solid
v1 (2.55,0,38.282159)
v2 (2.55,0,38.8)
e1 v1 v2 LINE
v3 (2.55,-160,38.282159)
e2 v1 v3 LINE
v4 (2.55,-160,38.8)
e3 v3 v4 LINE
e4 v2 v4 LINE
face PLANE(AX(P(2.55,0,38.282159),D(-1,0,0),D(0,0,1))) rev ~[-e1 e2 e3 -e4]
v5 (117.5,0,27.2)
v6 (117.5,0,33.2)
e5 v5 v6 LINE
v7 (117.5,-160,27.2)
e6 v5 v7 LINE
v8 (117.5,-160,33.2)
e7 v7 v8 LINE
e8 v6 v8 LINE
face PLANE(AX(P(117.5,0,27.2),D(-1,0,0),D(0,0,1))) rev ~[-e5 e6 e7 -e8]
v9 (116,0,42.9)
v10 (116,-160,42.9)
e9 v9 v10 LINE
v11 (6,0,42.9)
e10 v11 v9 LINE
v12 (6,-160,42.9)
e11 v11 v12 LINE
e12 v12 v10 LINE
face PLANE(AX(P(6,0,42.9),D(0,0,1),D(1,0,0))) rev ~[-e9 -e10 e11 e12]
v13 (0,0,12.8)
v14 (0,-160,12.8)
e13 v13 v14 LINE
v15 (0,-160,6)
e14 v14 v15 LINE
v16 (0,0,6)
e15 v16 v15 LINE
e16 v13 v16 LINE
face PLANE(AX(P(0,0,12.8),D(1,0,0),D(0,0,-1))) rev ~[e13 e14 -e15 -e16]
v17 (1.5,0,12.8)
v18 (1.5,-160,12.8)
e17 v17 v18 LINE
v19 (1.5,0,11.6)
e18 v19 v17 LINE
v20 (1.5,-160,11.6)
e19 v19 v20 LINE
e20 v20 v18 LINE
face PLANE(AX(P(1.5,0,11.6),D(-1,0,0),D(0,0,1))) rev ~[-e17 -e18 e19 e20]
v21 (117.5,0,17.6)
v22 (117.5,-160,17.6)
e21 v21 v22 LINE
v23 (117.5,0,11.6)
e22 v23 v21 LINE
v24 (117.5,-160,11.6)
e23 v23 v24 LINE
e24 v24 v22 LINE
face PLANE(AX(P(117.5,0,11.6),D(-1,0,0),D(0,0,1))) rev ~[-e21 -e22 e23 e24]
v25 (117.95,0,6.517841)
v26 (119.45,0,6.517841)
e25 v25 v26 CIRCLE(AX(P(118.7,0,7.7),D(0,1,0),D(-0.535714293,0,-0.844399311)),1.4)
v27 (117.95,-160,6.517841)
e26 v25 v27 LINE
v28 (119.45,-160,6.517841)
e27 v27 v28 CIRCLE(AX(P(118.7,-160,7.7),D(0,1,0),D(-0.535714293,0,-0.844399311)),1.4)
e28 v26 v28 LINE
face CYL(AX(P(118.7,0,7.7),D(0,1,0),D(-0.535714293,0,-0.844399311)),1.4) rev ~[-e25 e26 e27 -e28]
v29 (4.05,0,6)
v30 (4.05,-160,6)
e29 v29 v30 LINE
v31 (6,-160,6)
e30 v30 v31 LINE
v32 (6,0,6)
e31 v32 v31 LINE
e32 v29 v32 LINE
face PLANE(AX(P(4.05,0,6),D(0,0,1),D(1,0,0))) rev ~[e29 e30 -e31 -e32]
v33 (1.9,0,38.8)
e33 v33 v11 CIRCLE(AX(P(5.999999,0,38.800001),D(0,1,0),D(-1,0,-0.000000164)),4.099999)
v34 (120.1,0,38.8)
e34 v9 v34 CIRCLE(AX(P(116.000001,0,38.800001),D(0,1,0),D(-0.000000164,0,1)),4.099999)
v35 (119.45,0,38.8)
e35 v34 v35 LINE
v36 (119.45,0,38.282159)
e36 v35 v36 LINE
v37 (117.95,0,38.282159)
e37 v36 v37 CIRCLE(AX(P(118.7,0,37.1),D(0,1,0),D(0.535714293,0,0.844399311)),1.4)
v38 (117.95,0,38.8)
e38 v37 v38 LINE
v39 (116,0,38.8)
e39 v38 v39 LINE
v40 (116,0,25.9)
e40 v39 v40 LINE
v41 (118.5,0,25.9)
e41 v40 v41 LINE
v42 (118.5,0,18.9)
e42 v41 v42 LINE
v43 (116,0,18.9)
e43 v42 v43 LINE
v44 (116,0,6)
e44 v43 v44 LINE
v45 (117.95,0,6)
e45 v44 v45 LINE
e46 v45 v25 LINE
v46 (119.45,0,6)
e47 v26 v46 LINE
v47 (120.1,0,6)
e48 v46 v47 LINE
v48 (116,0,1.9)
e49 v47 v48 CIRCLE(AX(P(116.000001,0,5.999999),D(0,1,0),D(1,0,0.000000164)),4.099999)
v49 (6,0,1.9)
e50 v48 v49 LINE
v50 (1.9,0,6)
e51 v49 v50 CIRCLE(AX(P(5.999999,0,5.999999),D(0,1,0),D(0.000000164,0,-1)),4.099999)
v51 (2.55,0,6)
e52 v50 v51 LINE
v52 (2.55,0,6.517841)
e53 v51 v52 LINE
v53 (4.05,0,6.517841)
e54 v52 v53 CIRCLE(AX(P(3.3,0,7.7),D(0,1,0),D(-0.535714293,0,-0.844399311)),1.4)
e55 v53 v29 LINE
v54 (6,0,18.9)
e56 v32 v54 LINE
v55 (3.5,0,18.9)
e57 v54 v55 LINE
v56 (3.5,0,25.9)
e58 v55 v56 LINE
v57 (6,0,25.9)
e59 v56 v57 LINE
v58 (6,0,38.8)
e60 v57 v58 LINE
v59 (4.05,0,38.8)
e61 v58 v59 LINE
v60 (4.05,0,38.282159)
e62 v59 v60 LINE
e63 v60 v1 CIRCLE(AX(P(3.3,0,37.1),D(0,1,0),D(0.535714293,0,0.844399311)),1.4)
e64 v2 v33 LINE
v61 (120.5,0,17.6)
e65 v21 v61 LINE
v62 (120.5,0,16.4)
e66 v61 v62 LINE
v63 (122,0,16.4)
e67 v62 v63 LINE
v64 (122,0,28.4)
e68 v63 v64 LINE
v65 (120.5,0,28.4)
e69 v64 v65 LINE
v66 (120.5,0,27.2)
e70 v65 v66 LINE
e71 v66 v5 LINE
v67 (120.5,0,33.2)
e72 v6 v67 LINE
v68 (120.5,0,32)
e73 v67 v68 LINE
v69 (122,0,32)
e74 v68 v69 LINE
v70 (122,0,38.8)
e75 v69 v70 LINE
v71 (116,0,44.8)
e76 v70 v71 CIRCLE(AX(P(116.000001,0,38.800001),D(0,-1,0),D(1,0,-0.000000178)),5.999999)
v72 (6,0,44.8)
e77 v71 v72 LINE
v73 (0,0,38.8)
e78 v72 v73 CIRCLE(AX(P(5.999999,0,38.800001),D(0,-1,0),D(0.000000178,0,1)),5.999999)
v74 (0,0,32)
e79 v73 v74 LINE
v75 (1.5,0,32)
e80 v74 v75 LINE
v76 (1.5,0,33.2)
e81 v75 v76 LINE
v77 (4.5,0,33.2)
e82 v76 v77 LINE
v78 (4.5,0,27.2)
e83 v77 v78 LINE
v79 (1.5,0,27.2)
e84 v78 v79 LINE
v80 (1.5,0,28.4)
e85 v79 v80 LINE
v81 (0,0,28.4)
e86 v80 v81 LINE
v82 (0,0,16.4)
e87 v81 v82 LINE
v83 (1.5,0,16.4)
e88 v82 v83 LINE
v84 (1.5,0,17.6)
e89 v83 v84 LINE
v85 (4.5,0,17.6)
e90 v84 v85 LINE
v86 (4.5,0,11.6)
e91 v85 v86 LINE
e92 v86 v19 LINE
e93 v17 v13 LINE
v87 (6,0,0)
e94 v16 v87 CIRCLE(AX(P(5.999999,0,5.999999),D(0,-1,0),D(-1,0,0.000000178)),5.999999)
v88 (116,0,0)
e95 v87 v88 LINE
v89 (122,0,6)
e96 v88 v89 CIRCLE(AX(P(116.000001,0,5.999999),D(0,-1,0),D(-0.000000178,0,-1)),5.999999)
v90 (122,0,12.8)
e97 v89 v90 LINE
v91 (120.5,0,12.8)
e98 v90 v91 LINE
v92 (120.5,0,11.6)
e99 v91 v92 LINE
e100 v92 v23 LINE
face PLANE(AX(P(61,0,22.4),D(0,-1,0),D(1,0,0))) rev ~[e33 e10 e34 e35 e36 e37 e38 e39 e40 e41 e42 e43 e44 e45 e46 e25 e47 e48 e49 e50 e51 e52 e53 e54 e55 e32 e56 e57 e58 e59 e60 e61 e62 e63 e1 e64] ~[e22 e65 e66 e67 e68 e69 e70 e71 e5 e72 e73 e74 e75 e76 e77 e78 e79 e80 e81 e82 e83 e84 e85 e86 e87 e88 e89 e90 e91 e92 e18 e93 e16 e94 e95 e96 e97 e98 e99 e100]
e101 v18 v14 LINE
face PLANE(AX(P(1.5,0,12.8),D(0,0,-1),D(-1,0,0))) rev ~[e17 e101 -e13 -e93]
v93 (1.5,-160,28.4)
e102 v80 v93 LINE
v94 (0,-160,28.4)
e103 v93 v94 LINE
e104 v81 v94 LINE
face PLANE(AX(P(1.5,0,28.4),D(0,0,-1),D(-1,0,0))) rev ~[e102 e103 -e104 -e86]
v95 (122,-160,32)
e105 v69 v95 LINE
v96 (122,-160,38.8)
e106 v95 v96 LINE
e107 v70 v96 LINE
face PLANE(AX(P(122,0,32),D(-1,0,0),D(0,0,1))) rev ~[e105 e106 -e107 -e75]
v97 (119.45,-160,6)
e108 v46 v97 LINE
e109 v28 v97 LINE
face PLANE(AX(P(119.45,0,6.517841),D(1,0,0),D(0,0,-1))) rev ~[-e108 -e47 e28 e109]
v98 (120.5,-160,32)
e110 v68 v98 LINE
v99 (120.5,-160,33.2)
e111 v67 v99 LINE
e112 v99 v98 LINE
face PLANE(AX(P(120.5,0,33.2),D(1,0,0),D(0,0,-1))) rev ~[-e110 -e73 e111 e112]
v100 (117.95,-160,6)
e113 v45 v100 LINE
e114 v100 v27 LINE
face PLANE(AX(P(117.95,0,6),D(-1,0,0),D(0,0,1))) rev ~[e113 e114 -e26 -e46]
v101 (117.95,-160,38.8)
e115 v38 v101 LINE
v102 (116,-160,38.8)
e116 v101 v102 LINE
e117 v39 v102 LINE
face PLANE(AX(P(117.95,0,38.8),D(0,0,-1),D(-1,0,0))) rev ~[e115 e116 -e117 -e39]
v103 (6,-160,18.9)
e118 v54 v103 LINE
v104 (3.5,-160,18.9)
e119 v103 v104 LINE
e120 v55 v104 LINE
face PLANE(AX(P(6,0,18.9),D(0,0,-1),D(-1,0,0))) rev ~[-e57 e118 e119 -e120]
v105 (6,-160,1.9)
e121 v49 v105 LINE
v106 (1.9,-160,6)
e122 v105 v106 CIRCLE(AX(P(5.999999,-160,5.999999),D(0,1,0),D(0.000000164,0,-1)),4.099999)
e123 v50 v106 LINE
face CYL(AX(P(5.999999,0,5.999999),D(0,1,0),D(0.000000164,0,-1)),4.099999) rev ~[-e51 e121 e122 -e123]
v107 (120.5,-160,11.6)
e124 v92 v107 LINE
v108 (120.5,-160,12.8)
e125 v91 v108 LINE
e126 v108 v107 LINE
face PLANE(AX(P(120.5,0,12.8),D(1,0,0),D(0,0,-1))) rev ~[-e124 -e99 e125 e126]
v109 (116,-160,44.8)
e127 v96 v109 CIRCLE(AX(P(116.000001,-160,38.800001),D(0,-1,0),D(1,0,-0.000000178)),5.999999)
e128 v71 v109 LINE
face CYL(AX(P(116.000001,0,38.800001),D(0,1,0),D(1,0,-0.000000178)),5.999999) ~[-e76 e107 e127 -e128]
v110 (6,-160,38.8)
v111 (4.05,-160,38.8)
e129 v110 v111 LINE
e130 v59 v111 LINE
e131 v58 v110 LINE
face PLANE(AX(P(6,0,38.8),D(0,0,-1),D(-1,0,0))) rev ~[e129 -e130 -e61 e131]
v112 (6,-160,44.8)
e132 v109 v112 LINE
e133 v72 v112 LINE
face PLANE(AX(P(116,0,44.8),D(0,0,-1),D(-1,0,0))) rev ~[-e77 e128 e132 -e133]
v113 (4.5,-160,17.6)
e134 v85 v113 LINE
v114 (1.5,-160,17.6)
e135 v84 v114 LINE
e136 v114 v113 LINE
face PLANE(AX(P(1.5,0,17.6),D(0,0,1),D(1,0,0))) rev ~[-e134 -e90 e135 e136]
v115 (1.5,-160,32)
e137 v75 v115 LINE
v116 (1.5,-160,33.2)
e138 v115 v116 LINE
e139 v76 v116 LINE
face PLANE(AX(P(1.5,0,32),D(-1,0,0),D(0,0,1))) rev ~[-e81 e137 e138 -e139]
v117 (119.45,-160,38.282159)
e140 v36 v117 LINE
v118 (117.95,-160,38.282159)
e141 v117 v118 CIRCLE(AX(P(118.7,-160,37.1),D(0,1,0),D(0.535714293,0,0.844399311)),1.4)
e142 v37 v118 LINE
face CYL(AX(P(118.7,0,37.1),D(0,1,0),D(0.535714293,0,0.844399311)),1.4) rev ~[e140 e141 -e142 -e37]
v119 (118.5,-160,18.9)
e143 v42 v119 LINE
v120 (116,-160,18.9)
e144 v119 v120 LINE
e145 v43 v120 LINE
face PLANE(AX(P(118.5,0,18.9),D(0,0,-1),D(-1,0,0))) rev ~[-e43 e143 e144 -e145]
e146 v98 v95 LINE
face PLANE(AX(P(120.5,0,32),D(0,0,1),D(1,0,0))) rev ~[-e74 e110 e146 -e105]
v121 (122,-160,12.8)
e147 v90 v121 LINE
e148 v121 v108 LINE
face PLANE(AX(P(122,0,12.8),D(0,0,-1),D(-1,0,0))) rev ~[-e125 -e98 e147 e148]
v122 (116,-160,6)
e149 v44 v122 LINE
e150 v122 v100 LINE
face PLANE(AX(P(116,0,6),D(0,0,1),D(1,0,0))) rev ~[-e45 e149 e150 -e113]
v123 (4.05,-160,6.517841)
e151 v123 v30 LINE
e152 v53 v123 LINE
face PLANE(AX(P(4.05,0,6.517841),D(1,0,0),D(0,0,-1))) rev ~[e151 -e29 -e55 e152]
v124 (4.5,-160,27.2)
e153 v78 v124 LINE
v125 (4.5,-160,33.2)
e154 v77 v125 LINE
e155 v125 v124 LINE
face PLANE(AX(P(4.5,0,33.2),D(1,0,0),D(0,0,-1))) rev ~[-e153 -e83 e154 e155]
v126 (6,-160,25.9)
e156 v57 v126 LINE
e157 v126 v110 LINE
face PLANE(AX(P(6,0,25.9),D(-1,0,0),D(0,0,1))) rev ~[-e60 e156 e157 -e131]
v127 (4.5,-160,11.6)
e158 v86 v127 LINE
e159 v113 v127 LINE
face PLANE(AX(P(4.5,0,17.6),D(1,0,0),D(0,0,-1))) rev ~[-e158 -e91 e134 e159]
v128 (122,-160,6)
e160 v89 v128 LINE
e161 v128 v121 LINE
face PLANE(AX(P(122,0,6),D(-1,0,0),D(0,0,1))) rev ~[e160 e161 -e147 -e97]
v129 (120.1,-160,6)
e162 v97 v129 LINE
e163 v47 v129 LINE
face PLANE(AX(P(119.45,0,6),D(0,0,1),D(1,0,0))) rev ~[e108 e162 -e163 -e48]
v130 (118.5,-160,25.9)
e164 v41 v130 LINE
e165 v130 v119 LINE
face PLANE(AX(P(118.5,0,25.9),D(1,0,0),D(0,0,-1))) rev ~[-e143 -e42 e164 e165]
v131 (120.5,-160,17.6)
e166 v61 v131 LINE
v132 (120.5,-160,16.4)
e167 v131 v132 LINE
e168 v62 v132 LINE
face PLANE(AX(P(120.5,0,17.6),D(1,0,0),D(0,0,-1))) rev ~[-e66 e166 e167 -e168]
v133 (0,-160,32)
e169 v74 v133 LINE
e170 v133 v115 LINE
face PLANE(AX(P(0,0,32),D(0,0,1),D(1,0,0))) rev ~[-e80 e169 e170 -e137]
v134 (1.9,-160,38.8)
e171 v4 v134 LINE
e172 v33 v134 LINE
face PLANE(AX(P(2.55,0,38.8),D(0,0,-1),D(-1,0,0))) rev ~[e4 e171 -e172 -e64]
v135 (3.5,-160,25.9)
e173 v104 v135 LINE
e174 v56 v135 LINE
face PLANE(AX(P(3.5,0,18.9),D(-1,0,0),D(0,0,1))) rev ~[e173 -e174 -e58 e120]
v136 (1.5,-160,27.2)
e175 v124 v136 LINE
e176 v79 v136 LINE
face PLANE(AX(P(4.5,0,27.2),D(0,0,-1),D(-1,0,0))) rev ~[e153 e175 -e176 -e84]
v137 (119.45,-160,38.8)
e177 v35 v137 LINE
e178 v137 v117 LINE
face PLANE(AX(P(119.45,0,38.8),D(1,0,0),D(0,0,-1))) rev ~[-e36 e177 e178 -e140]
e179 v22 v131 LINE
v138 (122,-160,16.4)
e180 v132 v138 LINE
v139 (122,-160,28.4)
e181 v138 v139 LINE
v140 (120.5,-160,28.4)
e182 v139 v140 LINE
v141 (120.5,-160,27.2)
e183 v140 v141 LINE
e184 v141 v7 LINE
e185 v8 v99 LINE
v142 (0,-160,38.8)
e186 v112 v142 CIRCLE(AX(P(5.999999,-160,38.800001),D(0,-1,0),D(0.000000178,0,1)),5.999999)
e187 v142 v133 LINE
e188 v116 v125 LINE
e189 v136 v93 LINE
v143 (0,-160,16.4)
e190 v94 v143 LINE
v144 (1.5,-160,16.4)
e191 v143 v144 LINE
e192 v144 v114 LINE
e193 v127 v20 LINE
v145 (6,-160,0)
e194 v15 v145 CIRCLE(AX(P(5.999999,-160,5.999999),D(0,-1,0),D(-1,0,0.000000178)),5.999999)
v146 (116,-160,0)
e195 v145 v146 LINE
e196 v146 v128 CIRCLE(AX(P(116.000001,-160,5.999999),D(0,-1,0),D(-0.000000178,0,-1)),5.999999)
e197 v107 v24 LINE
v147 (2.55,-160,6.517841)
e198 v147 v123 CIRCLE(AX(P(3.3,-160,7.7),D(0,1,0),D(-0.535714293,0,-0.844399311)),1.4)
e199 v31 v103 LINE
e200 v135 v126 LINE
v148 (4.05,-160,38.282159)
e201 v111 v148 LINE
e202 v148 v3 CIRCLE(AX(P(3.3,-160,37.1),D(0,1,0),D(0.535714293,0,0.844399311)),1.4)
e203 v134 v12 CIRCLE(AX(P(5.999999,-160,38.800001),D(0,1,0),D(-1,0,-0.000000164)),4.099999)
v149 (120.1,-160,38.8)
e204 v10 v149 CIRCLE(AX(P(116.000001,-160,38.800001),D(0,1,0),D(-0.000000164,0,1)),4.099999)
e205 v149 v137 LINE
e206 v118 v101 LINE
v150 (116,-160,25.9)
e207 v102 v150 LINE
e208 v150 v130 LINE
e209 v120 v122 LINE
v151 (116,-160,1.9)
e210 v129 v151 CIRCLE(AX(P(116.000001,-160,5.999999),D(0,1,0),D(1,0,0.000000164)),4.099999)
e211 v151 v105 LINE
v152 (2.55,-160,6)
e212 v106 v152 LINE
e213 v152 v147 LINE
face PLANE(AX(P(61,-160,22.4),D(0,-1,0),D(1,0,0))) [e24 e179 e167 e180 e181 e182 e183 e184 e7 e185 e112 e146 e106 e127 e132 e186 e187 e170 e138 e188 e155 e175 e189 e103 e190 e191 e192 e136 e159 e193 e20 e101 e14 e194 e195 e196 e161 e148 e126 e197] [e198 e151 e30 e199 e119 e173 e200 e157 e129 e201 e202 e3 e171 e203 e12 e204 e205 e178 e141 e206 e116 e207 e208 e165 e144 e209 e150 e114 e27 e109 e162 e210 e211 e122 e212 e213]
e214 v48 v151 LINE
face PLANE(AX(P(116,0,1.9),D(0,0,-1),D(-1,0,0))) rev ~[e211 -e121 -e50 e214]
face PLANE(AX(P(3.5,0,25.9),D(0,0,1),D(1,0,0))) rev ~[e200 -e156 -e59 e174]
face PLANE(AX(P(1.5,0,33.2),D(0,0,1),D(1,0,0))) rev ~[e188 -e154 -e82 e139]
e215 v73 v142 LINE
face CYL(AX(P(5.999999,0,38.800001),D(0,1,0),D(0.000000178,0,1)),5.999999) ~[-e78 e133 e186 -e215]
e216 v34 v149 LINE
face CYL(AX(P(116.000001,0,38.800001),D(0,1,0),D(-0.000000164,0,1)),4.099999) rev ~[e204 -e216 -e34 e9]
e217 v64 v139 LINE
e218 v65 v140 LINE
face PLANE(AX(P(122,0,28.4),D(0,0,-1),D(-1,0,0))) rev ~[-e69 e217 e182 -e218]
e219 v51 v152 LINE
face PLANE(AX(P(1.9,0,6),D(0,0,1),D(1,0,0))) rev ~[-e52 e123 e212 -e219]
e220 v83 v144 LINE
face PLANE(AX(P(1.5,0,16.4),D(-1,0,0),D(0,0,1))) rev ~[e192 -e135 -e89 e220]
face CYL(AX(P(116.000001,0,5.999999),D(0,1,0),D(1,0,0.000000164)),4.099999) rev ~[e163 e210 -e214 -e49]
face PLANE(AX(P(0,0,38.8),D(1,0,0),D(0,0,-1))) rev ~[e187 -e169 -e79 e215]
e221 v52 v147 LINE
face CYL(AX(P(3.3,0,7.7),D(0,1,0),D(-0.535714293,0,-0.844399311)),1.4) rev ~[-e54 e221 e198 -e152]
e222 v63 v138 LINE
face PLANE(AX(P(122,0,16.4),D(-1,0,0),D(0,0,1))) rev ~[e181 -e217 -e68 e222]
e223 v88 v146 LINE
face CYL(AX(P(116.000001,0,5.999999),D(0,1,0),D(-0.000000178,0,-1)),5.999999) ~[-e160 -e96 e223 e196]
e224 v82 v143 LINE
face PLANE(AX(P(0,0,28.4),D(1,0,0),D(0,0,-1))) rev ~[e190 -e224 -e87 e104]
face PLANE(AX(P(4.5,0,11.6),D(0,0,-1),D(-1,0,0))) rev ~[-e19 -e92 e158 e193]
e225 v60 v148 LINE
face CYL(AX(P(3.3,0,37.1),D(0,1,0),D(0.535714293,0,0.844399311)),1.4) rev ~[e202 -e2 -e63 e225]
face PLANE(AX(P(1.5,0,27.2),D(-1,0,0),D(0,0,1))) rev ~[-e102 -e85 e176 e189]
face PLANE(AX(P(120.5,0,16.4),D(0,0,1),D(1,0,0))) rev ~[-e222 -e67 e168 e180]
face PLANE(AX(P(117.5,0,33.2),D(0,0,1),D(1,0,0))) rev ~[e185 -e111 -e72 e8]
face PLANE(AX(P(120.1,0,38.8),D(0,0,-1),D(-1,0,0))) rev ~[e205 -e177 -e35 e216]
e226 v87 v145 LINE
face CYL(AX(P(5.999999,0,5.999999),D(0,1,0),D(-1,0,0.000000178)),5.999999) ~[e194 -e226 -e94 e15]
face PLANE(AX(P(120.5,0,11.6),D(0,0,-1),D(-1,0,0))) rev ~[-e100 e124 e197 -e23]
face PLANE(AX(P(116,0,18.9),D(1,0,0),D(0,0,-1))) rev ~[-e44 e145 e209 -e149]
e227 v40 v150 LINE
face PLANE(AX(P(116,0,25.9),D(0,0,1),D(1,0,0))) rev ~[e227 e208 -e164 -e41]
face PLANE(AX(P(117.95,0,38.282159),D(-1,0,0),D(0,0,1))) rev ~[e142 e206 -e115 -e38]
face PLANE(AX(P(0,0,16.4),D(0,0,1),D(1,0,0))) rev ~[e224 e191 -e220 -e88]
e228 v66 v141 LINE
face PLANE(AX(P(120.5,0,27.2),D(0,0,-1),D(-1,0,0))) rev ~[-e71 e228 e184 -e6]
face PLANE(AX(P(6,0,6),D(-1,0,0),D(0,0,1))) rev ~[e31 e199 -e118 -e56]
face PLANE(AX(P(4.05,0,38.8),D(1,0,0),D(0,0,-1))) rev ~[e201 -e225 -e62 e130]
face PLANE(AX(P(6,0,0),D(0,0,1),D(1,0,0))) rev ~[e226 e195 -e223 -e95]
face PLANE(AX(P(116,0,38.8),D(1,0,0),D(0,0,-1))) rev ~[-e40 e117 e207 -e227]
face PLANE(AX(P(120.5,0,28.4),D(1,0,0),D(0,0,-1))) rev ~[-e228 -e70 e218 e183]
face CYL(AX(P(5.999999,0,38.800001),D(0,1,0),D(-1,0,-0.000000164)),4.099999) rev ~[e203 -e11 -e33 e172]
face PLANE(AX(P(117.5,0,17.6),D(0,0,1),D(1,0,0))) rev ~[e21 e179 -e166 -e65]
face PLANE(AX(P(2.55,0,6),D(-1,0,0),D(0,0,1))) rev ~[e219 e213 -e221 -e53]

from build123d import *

# Parameters (mm, degrees)
F1_DEPTH = 160


with BuildPart() as f1:
    # F0 (on Front) → F1 (new body)
    with BuildSketch(Plane.XZ):
        with BuildLine():
            ThreePointArc((0, 6), (1.757359, 1.757359), (6, 0))
            Line((6, 0), (61, 0))
            Line((61, 0), (116, 0))
            ThreePointArc((116, 0), (120.242641, 1.757359), (122, 6))
            Line((122, 6), (122, 12.8))
            Line((122, 12.8), (120.5, 12.8))
            Line((120.5, 12.8), (120.5, 11.6))
            Line((120.5, 11.6), (117.5, 11.6))
            Line((117.5, 11.6), (117.5, 17.6))
            Line((117.5, 17.6), (120.5, 17.6))
            Line((120.5, 17.6), (120.5, 16.4))
            Line((120.5, 16.4), (122, 16.4))
            Line((122, 16.4), (122, 22.4))
            Line((122, 22.4), (122, 28.4))
            Line((122, 28.4), (120.5, 28.4))
            Line((120.5, 28.4), (120.5, 27.2))
            Line((120.5, 27.2), (117.5, 27.2))
            Line((117.5, 27.2), (117.5, 33.2))
            Line((117.5, 33.2), (120.5, 33.2))
            Line((120.5, 33.2), (120.5, 32))
            Line((120.5, 32), (122, 32))
            Line((122, 32), (122, 38.8))
            ThreePointArc((122, 38.8), (120.242641, 43.042641), (116, 44.8))
            Line((116, 44.8), (61, 44.8))
            Line((61, 44.8), (6, 44.8))
            ThreePointArc((6, 44.8), (1.757359, 43.042641), (0, 38.8))
            Line((0, 38.8), (0, 32))
            Line((0, 32), (1.5, 32))
            Line((1.5, 32), (1.5, 33.2))
            Line((1.5, 33.2), (4.5, 33.2))
            Line((4.5, 33.2), (4.5, 27.2))
            Line((4.5, 27.2), (1.5, 27.2))
            Line((1.5, 27.2), (1.5, 28.4))
            Line((1.5, 28.4), (0, 28.4))
            Line((0, 28.4), (0, 22.4))
            Line((0, 22.4), (0, 16.4))
            Line((0, 16.4), (1.5, 16.4))
            Line((1.5, 16.4), (1.5, 17.6))
            Line((1.5, 17.6), (4.5, 17.6))
            Line((4.5, 17.6), (4.5, 11.6))
            Line((4.5, 11.6), (1.5, 11.6))
            Line((1.5, 11.6), (1.5, 12.8))
            Line((1.5, 12.8), (0, 12.8))
            Line((0, 12.8), (0, 6))
        make_face()
        with BuildLine():
            ThreePointArc((1.9, 38.8), (3.100862, 41.699138), (6, 42.9))
            Line((6, 42.9), (61, 42.9))
            Line((61, 42.9), (116, 42.9))
            ThreePointArc((116, 42.9), (118.899138, 41.699138), (120.1, 38.8))
            Line((120.1, 38.8), (119.45, 38.8))
            Line((119.45, 38.8), (119.45, 38.282159))
            ThreePointArc((119.45, 38.282159), (118.7, 35.7), (117.95, 38.282159))
            Line((117.95, 38.282159), (117.95, 38.8))
            Line((117.95, 38.8), (116, 38.8))
            Line((116, 38.8), (116, 25.9))
            Line((116, 25.9), (118.5, 25.9))
            Line((118.5, 25.9), (118.5, 22.4))
            Line((118.5, 22.4), (118.5, 18.9))
            Line((118.5, 18.9), (116, 18.9))
            Line((116, 18.9), (116, 6))
            Line((116, 6), (117.95, 6))
            Line((117.95, 6), (117.95, 6.517841))
            ThreePointArc((117.95, 6.517841), (118.7, 9.1), (119.45, 6.517841))
            Line((119.45, 6.517841), (119.45, 6))
            Line((119.45, 6), (120.1, 6))
            ThreePointArc((120.1, 6), (118.899138, 3.100862), (116, 1.9))
            Line((116, 1.9), (61, 1.9))
            Line((61, 1.9), (6, 1.9))
            ThreePointArc((6, 1.9), (3.100862, 3.100862), (1.9, 6))
            Line((1.9, 6), (2.55, 6))
            Line((2.55, 6), (2.55, 6.517841))
            ThreePointArc((2.55, 6.517841), (3.3, 9.1), (4.05, 6.517841))
            Line((4.05, 6.517841), (4.05, 6))
            Line((4.05, 6), (6, 6))
            Line((6, 6), (6, 18.9))
            Line((6, 18.9), (3.5, 18.9))
            Line((3.5, 18.9), (3.5, 22.4))
            Line((3.5, 22.4), (3.5, 25.9))
            Line((3.5, 25.9), (6, 25.9))
            Line((6, 25.9), (6, 38.8))
            Line((6, 38.8), (4.05, 38.8))
            Line((4.05, 38.8), (4.05, 38.282159))
            ThreePointArc((4.05, 38.282159), (3.3, 35.7), (2.55, 38.282159))
            Line((2.55, 38.282159), (2.55, 38.8))
            Line((2.55, 38.8), (1.9, 38.8))
        make_face(mode=Mode.SUBTRACT)
    extrude(amount=F1_DEPTH)


solid = f1.part
